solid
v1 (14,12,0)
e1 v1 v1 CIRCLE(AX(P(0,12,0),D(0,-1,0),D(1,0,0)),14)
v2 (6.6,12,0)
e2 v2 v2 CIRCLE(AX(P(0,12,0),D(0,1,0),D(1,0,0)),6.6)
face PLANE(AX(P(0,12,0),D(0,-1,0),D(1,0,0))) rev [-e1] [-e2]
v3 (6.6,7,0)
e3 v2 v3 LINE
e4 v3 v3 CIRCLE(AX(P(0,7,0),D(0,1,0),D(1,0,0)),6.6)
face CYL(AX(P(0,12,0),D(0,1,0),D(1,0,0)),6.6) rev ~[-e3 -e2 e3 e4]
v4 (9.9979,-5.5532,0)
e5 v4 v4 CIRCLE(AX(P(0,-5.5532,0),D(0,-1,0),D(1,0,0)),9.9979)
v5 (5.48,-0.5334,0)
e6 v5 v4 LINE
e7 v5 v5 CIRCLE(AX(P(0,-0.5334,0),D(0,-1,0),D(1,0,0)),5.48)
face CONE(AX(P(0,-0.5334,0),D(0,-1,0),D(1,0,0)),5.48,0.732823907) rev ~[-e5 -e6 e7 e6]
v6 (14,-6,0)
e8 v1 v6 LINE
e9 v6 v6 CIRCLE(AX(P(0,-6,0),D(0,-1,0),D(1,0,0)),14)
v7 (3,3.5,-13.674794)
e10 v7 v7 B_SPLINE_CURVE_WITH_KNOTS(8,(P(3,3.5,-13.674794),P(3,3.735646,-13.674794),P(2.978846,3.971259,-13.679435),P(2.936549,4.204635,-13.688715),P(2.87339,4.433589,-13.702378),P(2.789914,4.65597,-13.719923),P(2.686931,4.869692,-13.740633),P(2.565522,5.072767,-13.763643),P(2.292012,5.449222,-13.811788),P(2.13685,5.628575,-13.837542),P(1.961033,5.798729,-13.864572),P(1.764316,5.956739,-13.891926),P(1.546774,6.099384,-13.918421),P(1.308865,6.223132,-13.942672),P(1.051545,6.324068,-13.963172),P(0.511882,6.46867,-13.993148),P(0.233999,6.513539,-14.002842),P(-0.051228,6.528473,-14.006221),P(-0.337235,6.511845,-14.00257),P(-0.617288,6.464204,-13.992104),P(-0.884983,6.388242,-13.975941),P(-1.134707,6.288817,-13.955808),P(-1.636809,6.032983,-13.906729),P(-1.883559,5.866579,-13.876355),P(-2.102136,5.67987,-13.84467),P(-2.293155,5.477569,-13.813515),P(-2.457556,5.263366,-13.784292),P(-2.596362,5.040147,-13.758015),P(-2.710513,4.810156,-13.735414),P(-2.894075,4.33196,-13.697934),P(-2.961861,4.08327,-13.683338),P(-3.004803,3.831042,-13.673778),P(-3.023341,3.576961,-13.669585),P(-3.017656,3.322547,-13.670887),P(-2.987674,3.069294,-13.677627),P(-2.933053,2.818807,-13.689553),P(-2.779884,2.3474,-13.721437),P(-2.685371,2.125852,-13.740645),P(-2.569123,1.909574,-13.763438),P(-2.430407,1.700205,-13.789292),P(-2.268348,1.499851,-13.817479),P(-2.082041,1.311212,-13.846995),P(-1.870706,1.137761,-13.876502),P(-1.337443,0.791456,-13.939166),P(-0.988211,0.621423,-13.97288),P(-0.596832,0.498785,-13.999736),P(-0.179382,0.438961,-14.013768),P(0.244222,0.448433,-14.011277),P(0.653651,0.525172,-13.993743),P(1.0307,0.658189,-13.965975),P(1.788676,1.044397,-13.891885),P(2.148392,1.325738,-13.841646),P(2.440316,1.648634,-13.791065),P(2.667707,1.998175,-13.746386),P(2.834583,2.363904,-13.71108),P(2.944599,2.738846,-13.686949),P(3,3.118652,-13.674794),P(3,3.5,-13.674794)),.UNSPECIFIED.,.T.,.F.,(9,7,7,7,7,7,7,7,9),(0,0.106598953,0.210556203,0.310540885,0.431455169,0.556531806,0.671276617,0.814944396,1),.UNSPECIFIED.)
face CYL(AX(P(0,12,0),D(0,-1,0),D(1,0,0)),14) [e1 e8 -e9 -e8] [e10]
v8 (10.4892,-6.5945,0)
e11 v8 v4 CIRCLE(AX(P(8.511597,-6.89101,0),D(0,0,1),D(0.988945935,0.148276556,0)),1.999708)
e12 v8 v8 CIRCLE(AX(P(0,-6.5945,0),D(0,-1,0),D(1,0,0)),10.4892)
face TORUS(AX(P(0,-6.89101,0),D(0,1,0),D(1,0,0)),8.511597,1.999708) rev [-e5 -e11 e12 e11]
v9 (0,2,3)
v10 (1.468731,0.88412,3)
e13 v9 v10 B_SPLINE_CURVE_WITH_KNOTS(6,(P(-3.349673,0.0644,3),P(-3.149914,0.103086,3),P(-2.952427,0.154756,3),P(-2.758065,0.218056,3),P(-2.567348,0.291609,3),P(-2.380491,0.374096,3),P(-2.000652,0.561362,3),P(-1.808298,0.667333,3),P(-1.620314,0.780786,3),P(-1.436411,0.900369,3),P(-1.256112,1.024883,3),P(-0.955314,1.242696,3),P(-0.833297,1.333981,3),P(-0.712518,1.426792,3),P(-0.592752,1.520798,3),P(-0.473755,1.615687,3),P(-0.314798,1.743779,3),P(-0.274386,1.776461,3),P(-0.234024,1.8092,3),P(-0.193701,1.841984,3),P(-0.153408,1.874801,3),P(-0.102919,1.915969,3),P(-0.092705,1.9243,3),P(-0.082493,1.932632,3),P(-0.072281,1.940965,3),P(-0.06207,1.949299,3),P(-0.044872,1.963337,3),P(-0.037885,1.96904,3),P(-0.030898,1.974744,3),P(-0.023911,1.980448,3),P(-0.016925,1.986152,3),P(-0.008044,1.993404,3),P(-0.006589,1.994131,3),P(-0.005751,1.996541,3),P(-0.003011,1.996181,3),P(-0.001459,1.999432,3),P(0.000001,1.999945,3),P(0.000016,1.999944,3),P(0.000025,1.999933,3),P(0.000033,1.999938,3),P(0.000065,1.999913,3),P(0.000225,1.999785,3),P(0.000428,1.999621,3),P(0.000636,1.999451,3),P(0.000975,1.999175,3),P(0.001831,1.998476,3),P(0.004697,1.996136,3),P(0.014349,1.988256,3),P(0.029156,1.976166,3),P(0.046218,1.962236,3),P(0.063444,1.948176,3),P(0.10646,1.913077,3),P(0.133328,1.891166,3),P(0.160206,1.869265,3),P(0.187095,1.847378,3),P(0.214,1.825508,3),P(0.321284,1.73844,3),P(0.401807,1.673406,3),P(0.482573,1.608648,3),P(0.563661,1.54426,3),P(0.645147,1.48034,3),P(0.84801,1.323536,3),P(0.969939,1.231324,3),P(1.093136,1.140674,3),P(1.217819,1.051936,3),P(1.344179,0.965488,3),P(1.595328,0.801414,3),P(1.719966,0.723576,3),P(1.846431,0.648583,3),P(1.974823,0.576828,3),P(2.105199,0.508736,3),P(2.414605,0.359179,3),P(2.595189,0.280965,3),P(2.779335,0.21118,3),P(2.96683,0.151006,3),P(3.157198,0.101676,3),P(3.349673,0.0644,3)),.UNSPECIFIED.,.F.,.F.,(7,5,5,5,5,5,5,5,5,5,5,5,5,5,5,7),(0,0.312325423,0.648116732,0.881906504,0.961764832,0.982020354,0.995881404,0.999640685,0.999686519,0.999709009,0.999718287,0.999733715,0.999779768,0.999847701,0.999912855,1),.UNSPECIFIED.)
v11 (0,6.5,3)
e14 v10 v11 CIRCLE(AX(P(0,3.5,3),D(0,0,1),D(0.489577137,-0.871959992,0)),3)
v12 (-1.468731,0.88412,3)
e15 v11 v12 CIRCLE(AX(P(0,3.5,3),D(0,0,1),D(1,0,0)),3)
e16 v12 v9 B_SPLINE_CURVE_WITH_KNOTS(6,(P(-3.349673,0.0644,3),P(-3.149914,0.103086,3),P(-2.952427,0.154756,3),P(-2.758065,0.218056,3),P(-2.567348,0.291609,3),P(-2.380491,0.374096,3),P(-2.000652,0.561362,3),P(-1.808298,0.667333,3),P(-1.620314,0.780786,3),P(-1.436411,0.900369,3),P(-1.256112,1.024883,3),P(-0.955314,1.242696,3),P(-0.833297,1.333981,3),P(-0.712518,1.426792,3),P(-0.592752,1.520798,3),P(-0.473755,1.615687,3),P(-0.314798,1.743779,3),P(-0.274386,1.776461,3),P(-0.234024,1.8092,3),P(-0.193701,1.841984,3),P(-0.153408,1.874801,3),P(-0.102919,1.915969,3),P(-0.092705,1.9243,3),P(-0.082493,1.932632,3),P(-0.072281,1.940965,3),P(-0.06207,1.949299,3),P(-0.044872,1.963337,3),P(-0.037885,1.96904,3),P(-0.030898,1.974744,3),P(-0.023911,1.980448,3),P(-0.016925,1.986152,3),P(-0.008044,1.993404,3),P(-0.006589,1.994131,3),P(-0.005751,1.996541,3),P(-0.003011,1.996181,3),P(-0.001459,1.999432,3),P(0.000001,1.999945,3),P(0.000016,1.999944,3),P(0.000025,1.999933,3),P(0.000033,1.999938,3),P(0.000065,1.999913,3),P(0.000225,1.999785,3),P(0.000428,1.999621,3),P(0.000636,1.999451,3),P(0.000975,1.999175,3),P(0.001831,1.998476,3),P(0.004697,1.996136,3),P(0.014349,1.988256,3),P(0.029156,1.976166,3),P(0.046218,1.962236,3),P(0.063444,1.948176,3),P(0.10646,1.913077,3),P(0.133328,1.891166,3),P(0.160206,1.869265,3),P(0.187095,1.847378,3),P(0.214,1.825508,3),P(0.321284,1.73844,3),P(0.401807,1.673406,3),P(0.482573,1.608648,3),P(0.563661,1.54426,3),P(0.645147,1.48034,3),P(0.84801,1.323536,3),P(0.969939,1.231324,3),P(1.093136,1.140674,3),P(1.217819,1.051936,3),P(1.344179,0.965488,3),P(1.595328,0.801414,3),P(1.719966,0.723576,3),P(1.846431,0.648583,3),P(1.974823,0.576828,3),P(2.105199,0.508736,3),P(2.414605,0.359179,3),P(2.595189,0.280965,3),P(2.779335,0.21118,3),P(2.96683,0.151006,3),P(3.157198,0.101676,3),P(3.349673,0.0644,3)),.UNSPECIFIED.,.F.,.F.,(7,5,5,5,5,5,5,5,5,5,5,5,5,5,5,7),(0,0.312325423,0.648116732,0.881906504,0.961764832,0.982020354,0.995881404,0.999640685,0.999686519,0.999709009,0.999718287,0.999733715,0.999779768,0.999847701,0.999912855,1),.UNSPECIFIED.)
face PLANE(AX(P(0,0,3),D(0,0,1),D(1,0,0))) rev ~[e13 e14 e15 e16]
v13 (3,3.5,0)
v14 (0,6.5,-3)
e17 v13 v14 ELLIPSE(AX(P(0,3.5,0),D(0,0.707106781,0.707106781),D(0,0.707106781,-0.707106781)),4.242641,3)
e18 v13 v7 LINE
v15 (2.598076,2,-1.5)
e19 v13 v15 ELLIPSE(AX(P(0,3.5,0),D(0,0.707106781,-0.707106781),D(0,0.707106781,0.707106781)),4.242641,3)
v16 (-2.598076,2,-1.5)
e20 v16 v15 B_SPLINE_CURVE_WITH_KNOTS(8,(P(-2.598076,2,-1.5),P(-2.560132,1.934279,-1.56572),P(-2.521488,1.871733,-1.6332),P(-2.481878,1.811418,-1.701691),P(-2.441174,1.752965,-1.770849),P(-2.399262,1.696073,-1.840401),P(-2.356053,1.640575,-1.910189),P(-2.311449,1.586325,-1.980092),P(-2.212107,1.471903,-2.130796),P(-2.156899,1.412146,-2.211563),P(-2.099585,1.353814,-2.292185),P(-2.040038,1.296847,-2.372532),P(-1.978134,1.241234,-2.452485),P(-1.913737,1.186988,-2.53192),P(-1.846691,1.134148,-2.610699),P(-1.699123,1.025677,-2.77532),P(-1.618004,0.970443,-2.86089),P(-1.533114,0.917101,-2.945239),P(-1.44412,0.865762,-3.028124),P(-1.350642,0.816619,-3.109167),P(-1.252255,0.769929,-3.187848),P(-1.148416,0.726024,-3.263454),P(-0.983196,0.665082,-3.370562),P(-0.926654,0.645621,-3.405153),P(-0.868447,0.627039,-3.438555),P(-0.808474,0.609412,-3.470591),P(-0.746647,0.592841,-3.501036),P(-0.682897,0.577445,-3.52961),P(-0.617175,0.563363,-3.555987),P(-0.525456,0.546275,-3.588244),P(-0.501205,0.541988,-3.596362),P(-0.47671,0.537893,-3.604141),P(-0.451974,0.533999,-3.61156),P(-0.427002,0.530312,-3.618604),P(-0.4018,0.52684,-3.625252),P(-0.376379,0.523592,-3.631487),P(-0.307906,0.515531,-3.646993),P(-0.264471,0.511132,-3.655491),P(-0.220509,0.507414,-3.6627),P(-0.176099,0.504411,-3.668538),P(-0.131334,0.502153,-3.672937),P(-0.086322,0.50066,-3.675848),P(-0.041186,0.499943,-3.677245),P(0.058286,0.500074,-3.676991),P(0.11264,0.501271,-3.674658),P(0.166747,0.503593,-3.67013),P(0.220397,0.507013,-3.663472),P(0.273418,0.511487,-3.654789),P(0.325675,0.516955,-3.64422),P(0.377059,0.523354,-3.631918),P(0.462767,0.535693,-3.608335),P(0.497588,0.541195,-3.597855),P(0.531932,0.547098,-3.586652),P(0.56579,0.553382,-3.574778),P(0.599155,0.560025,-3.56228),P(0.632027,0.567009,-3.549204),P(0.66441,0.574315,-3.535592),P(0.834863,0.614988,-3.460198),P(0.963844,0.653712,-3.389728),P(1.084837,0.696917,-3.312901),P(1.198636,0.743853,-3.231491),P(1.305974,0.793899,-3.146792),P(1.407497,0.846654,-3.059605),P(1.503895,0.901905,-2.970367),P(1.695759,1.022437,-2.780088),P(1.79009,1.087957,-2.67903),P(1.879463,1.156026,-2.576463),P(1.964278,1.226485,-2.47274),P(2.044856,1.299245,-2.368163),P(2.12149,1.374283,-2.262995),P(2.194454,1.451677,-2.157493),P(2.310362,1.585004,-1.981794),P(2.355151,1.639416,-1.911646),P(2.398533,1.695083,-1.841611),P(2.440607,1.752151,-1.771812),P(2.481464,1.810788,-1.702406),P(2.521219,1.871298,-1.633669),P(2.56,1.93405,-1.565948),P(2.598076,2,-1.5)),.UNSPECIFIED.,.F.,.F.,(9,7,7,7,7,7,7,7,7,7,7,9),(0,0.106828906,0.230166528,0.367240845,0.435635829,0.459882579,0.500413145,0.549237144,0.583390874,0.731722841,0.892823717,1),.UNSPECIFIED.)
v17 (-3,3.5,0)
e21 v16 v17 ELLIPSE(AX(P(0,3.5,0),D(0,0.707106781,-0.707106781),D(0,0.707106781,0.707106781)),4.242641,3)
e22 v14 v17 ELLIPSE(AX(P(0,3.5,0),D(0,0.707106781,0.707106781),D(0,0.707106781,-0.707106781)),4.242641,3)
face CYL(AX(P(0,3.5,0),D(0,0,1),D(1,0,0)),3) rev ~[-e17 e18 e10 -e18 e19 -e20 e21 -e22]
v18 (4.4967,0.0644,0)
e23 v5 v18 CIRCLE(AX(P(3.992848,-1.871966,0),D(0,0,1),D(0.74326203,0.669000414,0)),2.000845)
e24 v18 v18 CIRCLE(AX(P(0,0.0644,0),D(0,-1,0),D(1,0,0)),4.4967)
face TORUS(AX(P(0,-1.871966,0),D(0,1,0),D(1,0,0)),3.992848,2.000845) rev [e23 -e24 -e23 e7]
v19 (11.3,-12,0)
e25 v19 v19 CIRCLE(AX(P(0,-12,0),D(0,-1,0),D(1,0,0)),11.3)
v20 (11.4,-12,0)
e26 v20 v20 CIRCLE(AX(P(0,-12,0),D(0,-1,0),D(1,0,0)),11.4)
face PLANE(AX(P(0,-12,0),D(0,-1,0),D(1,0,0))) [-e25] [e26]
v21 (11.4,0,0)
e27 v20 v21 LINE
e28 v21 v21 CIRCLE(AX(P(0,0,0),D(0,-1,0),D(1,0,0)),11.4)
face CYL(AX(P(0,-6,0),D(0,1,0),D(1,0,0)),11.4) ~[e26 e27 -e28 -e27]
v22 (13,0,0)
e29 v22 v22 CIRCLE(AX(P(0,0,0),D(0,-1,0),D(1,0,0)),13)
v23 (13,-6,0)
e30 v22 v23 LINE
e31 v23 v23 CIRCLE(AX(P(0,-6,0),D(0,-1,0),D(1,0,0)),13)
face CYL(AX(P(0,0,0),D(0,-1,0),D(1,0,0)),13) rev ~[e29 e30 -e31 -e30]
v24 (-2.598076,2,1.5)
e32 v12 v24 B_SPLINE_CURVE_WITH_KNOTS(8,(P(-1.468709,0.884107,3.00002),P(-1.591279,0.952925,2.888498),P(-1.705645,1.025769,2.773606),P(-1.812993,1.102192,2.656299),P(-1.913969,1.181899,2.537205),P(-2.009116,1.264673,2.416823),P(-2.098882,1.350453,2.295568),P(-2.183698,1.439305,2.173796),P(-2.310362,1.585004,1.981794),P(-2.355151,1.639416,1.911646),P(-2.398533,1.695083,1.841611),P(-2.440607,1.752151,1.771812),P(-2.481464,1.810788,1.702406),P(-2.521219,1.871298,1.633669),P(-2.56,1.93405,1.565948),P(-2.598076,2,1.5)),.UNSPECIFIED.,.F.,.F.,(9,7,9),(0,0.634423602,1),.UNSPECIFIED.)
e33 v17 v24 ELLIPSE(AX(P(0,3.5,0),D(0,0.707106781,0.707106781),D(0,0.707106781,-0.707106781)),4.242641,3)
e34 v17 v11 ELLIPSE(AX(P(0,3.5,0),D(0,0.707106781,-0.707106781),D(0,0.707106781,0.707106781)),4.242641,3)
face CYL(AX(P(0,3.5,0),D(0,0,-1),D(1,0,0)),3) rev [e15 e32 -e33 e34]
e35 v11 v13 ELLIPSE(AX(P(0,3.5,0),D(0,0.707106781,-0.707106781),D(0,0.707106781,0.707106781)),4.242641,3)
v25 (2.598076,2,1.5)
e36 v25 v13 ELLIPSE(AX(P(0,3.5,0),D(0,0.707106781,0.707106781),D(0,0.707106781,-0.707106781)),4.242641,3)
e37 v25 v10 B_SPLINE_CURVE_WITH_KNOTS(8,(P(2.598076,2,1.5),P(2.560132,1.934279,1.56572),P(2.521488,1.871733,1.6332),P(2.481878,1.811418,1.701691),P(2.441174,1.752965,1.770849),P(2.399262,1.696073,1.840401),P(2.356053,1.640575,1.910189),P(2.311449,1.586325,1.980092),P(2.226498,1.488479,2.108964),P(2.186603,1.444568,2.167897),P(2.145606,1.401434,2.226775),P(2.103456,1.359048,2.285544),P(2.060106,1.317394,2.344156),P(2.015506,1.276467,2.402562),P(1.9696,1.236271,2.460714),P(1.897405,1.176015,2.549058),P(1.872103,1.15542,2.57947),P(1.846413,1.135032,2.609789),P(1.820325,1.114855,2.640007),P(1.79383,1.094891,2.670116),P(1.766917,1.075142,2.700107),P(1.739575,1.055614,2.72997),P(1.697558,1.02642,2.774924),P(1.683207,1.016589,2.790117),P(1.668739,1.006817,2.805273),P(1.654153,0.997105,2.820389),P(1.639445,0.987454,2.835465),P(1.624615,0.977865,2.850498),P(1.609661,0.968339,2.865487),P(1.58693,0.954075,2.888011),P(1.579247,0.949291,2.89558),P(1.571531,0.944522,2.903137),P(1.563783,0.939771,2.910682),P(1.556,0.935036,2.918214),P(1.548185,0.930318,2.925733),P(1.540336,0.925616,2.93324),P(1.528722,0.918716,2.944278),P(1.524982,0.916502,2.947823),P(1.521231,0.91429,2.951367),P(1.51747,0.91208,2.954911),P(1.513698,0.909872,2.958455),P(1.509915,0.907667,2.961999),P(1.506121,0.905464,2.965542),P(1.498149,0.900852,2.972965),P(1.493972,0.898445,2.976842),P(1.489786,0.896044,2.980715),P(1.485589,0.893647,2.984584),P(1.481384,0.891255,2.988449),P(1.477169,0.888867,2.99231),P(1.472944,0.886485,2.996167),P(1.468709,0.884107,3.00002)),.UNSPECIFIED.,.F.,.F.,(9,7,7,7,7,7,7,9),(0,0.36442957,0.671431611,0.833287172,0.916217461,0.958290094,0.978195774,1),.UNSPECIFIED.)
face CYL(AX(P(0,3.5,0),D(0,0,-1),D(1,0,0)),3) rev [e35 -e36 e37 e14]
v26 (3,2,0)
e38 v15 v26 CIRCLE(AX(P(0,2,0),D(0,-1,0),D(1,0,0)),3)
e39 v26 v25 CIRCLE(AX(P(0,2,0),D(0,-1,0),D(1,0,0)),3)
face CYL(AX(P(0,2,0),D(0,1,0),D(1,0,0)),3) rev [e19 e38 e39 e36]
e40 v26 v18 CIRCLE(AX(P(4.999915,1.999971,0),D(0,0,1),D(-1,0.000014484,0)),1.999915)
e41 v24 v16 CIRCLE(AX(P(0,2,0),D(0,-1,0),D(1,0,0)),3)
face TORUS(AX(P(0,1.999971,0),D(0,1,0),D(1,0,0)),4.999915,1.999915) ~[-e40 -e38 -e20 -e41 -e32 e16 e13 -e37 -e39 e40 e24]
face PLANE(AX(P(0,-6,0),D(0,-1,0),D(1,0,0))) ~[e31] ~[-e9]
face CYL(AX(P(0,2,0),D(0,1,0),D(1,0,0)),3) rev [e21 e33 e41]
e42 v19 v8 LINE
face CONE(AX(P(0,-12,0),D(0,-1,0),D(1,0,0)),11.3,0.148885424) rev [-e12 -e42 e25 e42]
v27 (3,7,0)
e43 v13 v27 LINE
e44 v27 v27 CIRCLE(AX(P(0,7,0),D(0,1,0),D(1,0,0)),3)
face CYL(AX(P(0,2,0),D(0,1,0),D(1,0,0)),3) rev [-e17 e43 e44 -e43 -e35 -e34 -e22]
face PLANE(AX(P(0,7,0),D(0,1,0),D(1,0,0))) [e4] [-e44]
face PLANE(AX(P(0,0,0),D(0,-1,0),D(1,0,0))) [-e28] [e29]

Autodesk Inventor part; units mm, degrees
ref_plane "YZ Plane" through (0, 0, 0) normal (1, 0, 0) x (0, 1, 0)
ref_plane "XZ Plane" through (0, 0, 0) normal (0, 1, 0) x (-1, 0, 0)
ref_plane "XY Plane" through (0, 0, 0) normal (0, 0, 1) x (1, 0, 0)
sketch "Sketch1" plane through (0, 0, 0) normal (0, 0, 1) x (1, 0, 0)
  line L0 (3, 12) -> (14, 12)
  line L1 (14, 12) -> (14, 0)
  line L2 (3, 2) -> (3, 12)
  line L3 (0, 19.5472) -> (0, -22.4151)
  line L4 (14, 0) -> (13, 0) construction
  line L5 (13, 0) -> (13, -6)
  line L6 (13, -6) -> (14, -6)
  line L7 (14, -6) -> (14, 0)
  line L8 (11.4, 0) -> (10.4, 0) construction
  line L9 (10.4, 0) -> (10.4, -6) construction
  line L10 (10.4, -6) -> (11.4, -6) construction
  line L11 (11.4, -6) -> (11.4, 0)
  line L12 (11.4, -6) -> (11.4, -12)
  line L13 (11.4, -12) -> (11.3, -12)
  line L14 (11.3, -12) -> (10.4892, -6.5945)
  arc A0 (3, 2) -> (4.4967, 0.0644) centre (5, 2) ccw
  line L15 (13, 0) -> (11.4, 0)
  line L16 (10.4, 0) -> (5, 0)
  line L17 (-20.0393, 0) -> (13, 0) construction
  line L18 (14, 0) -> (24.5476, 0) construction
  line L19 (5.48, -0.5334) -> (9.9979, -5.5532)
  arc A1 (10.4892, -6.5945) -> (9.9979, -5.5532) centre (8.5113, -6.8911) ccw
  arc A2 (5.48, -0.5334) -> (4.4967, 0.0644) centre (3.9934, -1.8713) ccw
  point P0 (0, 0)
  point P1 (10.4, 0)
  point P2 (10.5, -6)
  dimension "d0" = 6
  dimension "d2" = 1
  dimension "d4" = 1
  dimension "d5" = 6
  dimension "d6" = 1.6
  dimension "d7" = 26
  dimension "d9" = 6
  dimension "d10" = 0.1
  dimension "d11" = 2
  dimension "d12" = 12
  dimension "d14" = 6
  dimension "d41" = 2
  dimension "d42" = 2
revolve "Revolution1" add sketch "Sketch1" angle 360 about axis through (0, 19.5472, 0) along (0, -1, 0)
sketch "Sketch2" plane through (0, 0, 0) normal (0, 0, 1) x (1, 0, 0)
  line L0 (-3, 12) -> (3, 12) projected
  line L1 (0, 12) -> (0, 0) construction
  line L2 (-3, 2) -> (3, 2) construction
  circle A0 centre (0, 3.5) radius 3
  line L3 (-13, 0) -> (13, 0) construction
  point P0 (2.5981, 2)
  point P1 (-2.5981, 2)
  dimension "d16" = 6
  dimension "d43" = 3.5
extrude "Extrusion1" cut sketch "Sketch2" along normal blind 3 and the other way blind 19.5
sketch "Sketch4" plane through (0, 12, 0) normal (0, 1, 0) x (1, 0, 0)
  circle A0 centre (0, 0) radius 6.6
  dimension "d38" = 13.2
extrude "Extrusion3" cut sketch "Sketch4" against normal blind 5
sketch "Sketch3" plane through (0, 12, 0) normal (0, 1, 0) x (1, 0, 0)
  circle A0 centre (-5.25, 0) radius 0.45
  line L0 (0, 0) -> (-14, 0) construction
  circle A1 centre (0, 0) radius 14 construction
  circle A2 centre (-7.5, 0) radius 0.45
  circle A3 centre (0, 0) radius 3 construction
  arc A4 (-2.5981, 1.5) -> (-2.5981, -1.5) centre (0, 0) ccw construction
  circle A5 centre (-6.4952, -3.75) radius 0.45
  circle A6 centre (-4.5466, -2.625) radius 0.45
  circle A7 centre (-3.75, -6.4952) radius 0.45
  circle A8 centre (-2.625, -4.5466) radius 0.45
  circle A9 centre (0, -7.5) radius 0.45
  circle A10 centre (0, -5.25) radius 0.45
  circle A11 centre (3.75, -6.4952) radius 0.45
  circle A12 centre (2.625, -4.5466) radius 0.45
  circle A13 centre (6.4952, -3.75) radius 0.45
  circle A14 centre (4.5466, -2.625) radius 0.45
  circle A15 centre (7.5, 0) radius 0.45
  circle A16 centre (5.25, 0) radius 0.45
  circle A17 centre (6.4952, 3.75) radius 0.45
  circle A18 centre (4.5466, 2.625) radius 0.45
  circle A19 centre (3.75, 6.4952) radius 0.45
  circle A20 centre (2.625, 4.5466) radius 0.45
  circle A21 centre (0, 7.5) radius 0.45
  circle A22 centre (0, 5.25) radius 0.45
  circle A23 centre (-3.75, 6.4952) radius 0.45
  circle A24 centre (-2.625, 4.5466) radius 0.45
  circle A25 centre (-6.4952, 3.75) radius 0.45
  circle A26 centre (-4.5466, 2.625) radius 0.45
  point P0 (-3, 0)
  point P1 (-3, 0)
  dimension "d22" = 0.9
  dimension "d24" = 0.9
  dimension "d30" = 2.25
  dimension "d31" = 2.25
  dimension "d34" = 360
equation "\"d0\" = t_D"
equation "\"d2\" = w_th"
equation "\"d4\" = w_th"
equation "\"d5\" = w_l"
equation "\"d6\" = lv_th"
equation "\"d7\" = lv_OD"
equation "\"d9\" = w_l"
equation "\"d10\" = tol"
equation "\"d11\" = fillet_D"
equation "\"d12\" = top_th_f"
equation "\"d14\" = w_l"
equation "\"d41\" = fillet_D"
equation "\"d42\" = fillet_D"
equation "\"d16\" = t_D"
equation "\"d43\" = 0.5 * w_th + 0.5 * t_D"
equation "\"d18\" = 0.5 * t_D"
equation "\"d19\" = 0.75 * lv_OD"
equation "\"d38\" = cn_D"
equation "\"d39\" = cn_h"
equation "\"d22\" = h_D"
equation "\"d24\" = h_D"
equation "\"d30\" = h_s"
equation "\"d31\" = h_s"
equation "\"tol\" = 0.1"
equation "\"fillet_D\" = 2"
equation "\"w_th\" = 1"
equation "\"w_l\" = 6"
equation "\"t_D\" = 6"
equation "\"t_D_f\" = t_D + w_th"
equation "\"top_th_f\" = t_D_f + cn_h"
equation "\"cn_h\" = 5"
equation "\"lv_OD\" = 26"
equation "\"lv_th\" = 1.6"
equation "\"d3\" = w_l"
equation "\"d8\" = top_th_f"
equation "\"top_th\" = t_D + w_th"
equation "\"sv_OD\" = 13"
equation "\"sv_th\" = 1.5"
equation "\"b_OD\" = 44"
equation "\"b_th\" = 1.5"
equation "\"b_ID\" = 36.5"
equation "\"b_rim_h\" = 5"
equation "\"h_s\" = 2.25"
equation "\"h_D\" = 0.9"
equation "\"d25\" = 2 * d26"
equation "\"v_h_D\" = 7.5"
equation "\"v_h_off\" = 0.5 * cn_D + 0.5 * v_h_D"
equation "\"cn_D\" = 13.2"
equation "\"d26\" = 0.1"
properties part number "vial"
